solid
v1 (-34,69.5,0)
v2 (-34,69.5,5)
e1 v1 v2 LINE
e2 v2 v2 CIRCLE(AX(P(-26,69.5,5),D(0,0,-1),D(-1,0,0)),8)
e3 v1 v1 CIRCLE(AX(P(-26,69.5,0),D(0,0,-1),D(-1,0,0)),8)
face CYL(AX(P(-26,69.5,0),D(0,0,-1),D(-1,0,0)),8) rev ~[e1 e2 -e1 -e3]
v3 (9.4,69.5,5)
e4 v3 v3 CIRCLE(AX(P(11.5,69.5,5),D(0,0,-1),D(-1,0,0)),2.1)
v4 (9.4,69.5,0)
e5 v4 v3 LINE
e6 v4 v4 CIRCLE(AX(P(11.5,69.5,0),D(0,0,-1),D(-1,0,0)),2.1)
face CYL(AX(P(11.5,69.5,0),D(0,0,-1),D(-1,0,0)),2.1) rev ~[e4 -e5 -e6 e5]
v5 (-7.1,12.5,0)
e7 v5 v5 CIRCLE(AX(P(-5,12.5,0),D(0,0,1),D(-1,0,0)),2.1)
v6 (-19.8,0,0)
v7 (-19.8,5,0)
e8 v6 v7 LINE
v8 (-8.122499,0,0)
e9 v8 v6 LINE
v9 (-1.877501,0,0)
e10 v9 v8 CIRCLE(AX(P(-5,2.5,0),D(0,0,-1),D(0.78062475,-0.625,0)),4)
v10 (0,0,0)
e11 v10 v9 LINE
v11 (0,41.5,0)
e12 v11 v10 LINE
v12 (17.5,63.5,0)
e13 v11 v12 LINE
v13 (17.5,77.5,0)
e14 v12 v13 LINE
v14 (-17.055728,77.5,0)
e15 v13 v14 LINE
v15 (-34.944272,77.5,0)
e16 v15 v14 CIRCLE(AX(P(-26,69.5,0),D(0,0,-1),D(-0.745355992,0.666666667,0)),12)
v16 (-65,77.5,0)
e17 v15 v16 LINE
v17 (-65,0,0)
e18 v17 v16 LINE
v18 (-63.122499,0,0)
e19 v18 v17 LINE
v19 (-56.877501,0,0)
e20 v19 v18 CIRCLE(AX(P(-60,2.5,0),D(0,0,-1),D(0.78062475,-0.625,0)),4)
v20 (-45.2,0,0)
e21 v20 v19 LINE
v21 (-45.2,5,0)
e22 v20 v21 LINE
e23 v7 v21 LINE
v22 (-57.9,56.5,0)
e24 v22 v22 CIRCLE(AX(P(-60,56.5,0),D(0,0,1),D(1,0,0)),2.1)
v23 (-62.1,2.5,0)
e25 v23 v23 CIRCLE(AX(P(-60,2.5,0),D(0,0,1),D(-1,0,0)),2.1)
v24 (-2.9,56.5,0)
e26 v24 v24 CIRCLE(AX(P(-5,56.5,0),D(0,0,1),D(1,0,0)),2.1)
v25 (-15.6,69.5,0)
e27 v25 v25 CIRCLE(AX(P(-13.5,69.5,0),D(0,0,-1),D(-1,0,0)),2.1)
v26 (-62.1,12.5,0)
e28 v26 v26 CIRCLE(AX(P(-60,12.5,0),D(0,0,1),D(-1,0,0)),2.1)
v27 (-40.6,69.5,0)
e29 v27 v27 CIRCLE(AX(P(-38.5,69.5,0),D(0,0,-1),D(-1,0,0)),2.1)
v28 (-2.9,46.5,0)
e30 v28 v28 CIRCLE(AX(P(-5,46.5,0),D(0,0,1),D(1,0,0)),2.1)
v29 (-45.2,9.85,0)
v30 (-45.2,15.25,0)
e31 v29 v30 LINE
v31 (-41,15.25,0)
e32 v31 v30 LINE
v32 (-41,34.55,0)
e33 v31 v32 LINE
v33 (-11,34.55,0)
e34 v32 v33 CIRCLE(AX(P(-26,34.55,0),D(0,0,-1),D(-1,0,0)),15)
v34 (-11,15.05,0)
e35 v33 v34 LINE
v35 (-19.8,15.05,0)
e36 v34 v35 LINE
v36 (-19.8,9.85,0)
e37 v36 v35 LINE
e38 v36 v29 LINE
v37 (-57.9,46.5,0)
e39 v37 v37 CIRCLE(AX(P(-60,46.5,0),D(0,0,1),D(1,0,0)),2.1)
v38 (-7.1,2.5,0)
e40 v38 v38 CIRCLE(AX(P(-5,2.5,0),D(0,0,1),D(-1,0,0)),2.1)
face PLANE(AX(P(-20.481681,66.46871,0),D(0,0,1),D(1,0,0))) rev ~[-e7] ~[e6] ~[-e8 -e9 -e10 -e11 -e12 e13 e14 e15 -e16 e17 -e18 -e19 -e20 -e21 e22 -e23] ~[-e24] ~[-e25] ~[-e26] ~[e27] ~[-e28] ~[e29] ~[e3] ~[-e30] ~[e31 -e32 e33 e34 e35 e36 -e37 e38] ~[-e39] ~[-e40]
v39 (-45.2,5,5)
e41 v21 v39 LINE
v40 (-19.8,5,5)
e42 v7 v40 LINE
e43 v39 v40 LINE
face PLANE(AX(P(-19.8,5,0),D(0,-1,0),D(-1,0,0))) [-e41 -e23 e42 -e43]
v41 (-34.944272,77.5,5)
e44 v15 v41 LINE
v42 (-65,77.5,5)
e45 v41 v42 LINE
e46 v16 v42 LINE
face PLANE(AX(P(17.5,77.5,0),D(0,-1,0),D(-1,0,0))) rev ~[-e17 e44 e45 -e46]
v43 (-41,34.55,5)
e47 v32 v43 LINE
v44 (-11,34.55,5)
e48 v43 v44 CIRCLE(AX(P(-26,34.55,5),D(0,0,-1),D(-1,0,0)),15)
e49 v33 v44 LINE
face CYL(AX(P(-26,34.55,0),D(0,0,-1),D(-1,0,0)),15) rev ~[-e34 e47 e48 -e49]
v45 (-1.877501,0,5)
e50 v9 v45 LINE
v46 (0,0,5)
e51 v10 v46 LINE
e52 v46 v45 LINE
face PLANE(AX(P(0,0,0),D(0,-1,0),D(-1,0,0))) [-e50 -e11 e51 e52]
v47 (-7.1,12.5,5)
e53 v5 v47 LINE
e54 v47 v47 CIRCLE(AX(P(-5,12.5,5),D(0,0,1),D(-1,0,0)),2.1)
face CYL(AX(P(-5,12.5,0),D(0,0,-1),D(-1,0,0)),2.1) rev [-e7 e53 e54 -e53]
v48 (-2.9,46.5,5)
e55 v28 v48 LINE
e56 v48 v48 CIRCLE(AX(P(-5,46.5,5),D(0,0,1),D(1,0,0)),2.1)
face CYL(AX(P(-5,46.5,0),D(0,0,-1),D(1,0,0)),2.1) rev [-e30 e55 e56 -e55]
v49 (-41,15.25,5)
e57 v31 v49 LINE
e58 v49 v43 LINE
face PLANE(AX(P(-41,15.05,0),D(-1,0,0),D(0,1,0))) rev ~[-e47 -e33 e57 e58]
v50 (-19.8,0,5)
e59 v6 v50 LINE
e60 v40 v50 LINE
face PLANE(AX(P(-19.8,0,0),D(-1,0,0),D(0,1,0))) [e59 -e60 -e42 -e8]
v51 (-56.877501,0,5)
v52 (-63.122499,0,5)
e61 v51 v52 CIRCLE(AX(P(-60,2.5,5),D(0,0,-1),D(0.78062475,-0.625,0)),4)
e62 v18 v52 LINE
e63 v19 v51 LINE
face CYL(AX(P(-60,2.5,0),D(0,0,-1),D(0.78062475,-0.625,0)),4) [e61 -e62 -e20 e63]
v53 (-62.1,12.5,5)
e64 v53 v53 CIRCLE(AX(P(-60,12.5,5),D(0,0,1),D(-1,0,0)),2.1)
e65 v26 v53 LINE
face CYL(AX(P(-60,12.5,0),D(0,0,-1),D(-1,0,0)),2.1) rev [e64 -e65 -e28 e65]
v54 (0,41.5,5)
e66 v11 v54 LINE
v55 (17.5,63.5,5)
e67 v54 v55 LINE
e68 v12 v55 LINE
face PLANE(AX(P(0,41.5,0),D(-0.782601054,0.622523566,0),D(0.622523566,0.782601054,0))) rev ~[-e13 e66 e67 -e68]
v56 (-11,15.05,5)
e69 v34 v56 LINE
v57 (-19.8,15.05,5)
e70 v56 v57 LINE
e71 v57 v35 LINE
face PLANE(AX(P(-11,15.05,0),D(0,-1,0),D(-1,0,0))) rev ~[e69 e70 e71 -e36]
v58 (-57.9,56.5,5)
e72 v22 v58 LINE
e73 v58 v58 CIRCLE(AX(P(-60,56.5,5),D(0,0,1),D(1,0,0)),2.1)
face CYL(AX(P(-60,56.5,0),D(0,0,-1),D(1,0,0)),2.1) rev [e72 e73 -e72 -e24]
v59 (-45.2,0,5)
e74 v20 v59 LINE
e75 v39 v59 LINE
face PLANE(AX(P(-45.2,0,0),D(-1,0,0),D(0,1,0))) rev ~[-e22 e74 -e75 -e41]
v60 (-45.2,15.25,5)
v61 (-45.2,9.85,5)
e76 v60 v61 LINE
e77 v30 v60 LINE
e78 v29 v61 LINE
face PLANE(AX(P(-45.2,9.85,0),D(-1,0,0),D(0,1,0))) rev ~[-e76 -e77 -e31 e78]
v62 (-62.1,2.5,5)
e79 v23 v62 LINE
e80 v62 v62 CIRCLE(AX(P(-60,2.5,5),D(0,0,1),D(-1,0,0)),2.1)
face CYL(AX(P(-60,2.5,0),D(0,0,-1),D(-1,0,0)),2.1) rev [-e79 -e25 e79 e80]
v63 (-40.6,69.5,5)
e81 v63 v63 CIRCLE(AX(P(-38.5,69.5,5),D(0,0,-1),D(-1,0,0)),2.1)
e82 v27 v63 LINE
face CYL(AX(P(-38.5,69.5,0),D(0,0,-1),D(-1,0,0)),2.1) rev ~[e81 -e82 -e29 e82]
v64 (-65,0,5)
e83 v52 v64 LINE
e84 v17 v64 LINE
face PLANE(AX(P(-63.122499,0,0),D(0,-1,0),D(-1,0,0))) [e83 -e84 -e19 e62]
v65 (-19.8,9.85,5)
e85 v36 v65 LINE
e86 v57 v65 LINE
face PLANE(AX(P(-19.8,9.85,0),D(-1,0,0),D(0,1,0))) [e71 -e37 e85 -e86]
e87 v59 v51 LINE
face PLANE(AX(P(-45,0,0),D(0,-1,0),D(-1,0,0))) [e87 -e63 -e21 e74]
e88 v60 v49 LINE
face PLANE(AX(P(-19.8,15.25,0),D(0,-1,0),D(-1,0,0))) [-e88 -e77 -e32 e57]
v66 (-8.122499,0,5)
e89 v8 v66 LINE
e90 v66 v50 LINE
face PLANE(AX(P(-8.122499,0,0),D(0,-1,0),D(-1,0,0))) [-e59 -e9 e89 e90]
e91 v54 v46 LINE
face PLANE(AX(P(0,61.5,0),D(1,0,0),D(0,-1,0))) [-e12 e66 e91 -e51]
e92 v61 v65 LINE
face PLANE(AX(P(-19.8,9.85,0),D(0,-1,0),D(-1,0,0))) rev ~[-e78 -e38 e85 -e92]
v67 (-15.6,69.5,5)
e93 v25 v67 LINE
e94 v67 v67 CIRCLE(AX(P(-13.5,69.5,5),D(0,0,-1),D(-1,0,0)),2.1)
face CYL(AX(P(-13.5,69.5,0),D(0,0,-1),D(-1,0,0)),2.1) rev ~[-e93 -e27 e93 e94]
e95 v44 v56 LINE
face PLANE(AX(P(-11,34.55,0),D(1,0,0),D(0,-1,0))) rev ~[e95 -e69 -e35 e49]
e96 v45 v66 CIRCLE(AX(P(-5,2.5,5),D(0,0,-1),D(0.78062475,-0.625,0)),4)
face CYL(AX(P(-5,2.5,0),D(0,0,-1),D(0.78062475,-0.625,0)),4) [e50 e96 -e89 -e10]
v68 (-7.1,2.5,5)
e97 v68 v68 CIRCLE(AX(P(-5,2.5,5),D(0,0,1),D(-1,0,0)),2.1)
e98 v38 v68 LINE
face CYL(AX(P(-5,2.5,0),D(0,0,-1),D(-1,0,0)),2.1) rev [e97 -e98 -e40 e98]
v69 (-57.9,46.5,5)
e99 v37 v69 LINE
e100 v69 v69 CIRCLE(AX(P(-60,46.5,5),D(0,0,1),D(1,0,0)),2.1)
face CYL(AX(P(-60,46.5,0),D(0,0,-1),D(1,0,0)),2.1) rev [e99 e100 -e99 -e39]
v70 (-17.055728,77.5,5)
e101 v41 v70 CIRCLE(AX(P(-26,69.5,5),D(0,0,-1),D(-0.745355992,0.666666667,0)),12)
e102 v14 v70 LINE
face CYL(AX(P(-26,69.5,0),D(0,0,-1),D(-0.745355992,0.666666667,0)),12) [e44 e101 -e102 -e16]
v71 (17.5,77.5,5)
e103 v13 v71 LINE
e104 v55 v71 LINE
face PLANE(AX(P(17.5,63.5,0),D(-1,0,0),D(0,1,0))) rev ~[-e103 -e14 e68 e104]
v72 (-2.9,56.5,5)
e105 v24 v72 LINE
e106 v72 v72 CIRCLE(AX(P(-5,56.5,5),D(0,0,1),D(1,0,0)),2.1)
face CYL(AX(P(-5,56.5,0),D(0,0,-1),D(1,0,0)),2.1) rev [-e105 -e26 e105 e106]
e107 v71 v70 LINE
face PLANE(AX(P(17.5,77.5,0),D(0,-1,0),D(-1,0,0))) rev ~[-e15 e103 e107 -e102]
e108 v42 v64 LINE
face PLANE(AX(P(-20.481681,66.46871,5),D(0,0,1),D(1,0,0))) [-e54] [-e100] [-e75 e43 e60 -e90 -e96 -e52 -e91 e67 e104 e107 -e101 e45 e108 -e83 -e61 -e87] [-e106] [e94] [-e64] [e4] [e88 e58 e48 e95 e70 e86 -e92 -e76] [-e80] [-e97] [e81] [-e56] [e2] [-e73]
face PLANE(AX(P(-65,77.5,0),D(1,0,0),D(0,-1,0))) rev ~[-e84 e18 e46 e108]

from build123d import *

# Parameters (mm, degrees)
SKETCH1_R           = 2.1
SKETCH1_W           = 25
SKETCH1_H           = 5.1
BOSS_EXTRUDE1_DEPTH = 5
CUT_EXTRUDE2_DEPTH  = 5
SKETCH4_R           = 2.1
SKETCH4_R_2         = 4
BOSS_EXTRUDE2_DEPTH = 5
SKETCH5_W           = 25.4
SKETCH5_H           = 5
SKETCH5_H_2         = 5.4
CUT_EXTRUDE3_DEPTH  = 10
BOSS_EXTRUDE3_DEPTH = 5
SKETCH7_R           = 8
CUT_EXTRUDE6_DEPTH  = 5


with BuildPart() as part:
    # Sketch1 → Boss-Extrude1 (new body)
    with BuildSketch(Plane.XY):
        with BuildLine():
            Line((-65, 61.5), (0, 61.5))
            Line((0, 61.5), (0, 0))
            Line((0, 0), (-1.877501001, 0))
            ThreePointArc((-1.877501001, 0), (-5, -1.5), (-8.122498999, 0))
            Line((-8.122498999, 0), (-20, 0))
            Line((-20, 0), (-20, 5))
            Line((-20, 5), (-45, 5))
            Line((-45, 5), (-45, 0))
            Line((-45, 0), (-56.877501001, 0))
            ThreePointArc((-56.877501001, 0), (-60, -1.5), (-63.122498999, 0))
            Line((-63.122498999, 0), (-65, 0))
            Line((-65, 0), (-65, 61.5))
        make_face()
        with Locations((-60, 56.5)):
            Circle(SKETCH1_R, mode=Mode.SUBTRACT)
        with Locations((-5, 56.5)):
            Circle(SKETCH1_R, mode=Mode.SUBTRACT)
        with Locations((-60, 46.5)):
            Circle(SKETCH1_R, mode=Mode.SUBTRACT)
        with Locations((-5, 46.5)):
            Circle(SKETCH1_R, mode=Mode.SUBTRACT)
        with Locations(Location((-5, 12.5, 0), (0, 0, 180))):
            Circle(SKETCH1_R, mode=Mode.SUBTRACT)
        with Locations(Location((-5, 2.5, 0), (0, 0, 180))):
            Circle(SKETCH1_R, mode=Mode.SUBTRACT)
        with Locations(Location((-60, 2.5, 0), (0, 0, 180))):
            Circle(SKETCH1_R, mode=Mode.SUBTRACT)
        with Locations(Location((-60, 12.5, 0), (0, 0, 180))):
            Circle(SKETCH1_R, mode=Mode.SUBTRACT)
        with Locations((-32.5, 12.5)):
            Rectangle(SKETCH1_W, SKETCH1_H, mode=Mode.SUBTRACT)
    extrude(amount=BOSS_EXTRUDE1_DEPTH)

    # Sketch3 → Cut-Extrude2 (cut)
    with BuildSketch(Plane(origin=(0, 0, 0), x_dir=(-1, 0, 0), z_dir=(0, 0, -1))):
        with BuildLine():
            Line((41, 15.05), (41, 34.55))
            ThreePointArc((41, 34.55), (26, 49.55), (11, 34.55))
            Line((11, 34.55), (11, 15.05))
            Line((11, 15.05), (41, 15.05))
        make_face()
    extrude(amount=-CUT_EXTRUDE2_DEPTH, mode=Mode.SUBTRACT)

    # Sketch4 → Boss-Extrude2 (add)
    with BuildSketch(Plane(origin=(0, 0, 0), x_dir=(-1, 0, 0), z_dir=(0, 0, -1))):
        Polygon((0, 41.5), (-17.5, 63.5), (-17.5, 77.5), (65, 77.5), (65, 61.5), (0, 61.5), align=None)
        with Locations((-11.5, 69.5)):
            Circle(SKETCH4_R, mode=Mode.SUBTRACT)
        with Locations((13.5, 69.5)):
            Circle(SKETCH4_R, mode=Mode.SUBTRACT)
        with Locations((26, 69.5)):
            Circle(SKETCH4_R_2, mode=Mode.SUBTRACT)
        with Locations((38.5, 69.5)):
            Circle(SKETCH4_R, mode=Mode.SUBTRACT)
    extrude(amount=-BOSS_EXTRUDE2_DEPTH)

    # Sketch5 → Cut-Extrude3 (cut)
    with BuildSketch(Plane(origin=(0, 0, 0), x_dir=(-1, 0, 0), z_dir=(0, 0, -1))):
        with Locations((32.5, 2.5)):
            Rectangle(SKETCH5_W, SKETCH5_H)
        with Locations((32.5, 12.55)):
            Rectangle(SKETCH5_W, SKETCH5_H_2)
    extrude(amount=-CUT_EXTRUDE3_DEPTH, mode=Mode.SUBTRACT)

    # Sketch6 → Boss-Extrude3 (add)
    with BuildSketch(Plane(origin=(0, 0, 0), x_dir=(-1, 0, 0), z_dir=(0, 0, -1))):
        with BuildLine():
            Line((17.05572809, 77.5), (34.94427191, 77.5))
            ThreePointArc((34.94427191, 77.5), (26, 81.5), (17.05572809, 77.5))
        make_face()
    extrude(amount=-BOSS_EXTRUDE3_DEPTH)

    # Sketch7 → Cut-Extrude6 (cut)
    with BuildSketch(Plane(origin=(0, 0, 0), x_dir=(-1, 0, 0), z_dir=(0, 0, -1))):
        with Locations((26, 69.5)):
            Circle(SKETCH7_R)
    extrude(amount=-CUT_EXTRUDE6_DEPTH, mode=Mode.SUBTRACT)


solid = part.part
